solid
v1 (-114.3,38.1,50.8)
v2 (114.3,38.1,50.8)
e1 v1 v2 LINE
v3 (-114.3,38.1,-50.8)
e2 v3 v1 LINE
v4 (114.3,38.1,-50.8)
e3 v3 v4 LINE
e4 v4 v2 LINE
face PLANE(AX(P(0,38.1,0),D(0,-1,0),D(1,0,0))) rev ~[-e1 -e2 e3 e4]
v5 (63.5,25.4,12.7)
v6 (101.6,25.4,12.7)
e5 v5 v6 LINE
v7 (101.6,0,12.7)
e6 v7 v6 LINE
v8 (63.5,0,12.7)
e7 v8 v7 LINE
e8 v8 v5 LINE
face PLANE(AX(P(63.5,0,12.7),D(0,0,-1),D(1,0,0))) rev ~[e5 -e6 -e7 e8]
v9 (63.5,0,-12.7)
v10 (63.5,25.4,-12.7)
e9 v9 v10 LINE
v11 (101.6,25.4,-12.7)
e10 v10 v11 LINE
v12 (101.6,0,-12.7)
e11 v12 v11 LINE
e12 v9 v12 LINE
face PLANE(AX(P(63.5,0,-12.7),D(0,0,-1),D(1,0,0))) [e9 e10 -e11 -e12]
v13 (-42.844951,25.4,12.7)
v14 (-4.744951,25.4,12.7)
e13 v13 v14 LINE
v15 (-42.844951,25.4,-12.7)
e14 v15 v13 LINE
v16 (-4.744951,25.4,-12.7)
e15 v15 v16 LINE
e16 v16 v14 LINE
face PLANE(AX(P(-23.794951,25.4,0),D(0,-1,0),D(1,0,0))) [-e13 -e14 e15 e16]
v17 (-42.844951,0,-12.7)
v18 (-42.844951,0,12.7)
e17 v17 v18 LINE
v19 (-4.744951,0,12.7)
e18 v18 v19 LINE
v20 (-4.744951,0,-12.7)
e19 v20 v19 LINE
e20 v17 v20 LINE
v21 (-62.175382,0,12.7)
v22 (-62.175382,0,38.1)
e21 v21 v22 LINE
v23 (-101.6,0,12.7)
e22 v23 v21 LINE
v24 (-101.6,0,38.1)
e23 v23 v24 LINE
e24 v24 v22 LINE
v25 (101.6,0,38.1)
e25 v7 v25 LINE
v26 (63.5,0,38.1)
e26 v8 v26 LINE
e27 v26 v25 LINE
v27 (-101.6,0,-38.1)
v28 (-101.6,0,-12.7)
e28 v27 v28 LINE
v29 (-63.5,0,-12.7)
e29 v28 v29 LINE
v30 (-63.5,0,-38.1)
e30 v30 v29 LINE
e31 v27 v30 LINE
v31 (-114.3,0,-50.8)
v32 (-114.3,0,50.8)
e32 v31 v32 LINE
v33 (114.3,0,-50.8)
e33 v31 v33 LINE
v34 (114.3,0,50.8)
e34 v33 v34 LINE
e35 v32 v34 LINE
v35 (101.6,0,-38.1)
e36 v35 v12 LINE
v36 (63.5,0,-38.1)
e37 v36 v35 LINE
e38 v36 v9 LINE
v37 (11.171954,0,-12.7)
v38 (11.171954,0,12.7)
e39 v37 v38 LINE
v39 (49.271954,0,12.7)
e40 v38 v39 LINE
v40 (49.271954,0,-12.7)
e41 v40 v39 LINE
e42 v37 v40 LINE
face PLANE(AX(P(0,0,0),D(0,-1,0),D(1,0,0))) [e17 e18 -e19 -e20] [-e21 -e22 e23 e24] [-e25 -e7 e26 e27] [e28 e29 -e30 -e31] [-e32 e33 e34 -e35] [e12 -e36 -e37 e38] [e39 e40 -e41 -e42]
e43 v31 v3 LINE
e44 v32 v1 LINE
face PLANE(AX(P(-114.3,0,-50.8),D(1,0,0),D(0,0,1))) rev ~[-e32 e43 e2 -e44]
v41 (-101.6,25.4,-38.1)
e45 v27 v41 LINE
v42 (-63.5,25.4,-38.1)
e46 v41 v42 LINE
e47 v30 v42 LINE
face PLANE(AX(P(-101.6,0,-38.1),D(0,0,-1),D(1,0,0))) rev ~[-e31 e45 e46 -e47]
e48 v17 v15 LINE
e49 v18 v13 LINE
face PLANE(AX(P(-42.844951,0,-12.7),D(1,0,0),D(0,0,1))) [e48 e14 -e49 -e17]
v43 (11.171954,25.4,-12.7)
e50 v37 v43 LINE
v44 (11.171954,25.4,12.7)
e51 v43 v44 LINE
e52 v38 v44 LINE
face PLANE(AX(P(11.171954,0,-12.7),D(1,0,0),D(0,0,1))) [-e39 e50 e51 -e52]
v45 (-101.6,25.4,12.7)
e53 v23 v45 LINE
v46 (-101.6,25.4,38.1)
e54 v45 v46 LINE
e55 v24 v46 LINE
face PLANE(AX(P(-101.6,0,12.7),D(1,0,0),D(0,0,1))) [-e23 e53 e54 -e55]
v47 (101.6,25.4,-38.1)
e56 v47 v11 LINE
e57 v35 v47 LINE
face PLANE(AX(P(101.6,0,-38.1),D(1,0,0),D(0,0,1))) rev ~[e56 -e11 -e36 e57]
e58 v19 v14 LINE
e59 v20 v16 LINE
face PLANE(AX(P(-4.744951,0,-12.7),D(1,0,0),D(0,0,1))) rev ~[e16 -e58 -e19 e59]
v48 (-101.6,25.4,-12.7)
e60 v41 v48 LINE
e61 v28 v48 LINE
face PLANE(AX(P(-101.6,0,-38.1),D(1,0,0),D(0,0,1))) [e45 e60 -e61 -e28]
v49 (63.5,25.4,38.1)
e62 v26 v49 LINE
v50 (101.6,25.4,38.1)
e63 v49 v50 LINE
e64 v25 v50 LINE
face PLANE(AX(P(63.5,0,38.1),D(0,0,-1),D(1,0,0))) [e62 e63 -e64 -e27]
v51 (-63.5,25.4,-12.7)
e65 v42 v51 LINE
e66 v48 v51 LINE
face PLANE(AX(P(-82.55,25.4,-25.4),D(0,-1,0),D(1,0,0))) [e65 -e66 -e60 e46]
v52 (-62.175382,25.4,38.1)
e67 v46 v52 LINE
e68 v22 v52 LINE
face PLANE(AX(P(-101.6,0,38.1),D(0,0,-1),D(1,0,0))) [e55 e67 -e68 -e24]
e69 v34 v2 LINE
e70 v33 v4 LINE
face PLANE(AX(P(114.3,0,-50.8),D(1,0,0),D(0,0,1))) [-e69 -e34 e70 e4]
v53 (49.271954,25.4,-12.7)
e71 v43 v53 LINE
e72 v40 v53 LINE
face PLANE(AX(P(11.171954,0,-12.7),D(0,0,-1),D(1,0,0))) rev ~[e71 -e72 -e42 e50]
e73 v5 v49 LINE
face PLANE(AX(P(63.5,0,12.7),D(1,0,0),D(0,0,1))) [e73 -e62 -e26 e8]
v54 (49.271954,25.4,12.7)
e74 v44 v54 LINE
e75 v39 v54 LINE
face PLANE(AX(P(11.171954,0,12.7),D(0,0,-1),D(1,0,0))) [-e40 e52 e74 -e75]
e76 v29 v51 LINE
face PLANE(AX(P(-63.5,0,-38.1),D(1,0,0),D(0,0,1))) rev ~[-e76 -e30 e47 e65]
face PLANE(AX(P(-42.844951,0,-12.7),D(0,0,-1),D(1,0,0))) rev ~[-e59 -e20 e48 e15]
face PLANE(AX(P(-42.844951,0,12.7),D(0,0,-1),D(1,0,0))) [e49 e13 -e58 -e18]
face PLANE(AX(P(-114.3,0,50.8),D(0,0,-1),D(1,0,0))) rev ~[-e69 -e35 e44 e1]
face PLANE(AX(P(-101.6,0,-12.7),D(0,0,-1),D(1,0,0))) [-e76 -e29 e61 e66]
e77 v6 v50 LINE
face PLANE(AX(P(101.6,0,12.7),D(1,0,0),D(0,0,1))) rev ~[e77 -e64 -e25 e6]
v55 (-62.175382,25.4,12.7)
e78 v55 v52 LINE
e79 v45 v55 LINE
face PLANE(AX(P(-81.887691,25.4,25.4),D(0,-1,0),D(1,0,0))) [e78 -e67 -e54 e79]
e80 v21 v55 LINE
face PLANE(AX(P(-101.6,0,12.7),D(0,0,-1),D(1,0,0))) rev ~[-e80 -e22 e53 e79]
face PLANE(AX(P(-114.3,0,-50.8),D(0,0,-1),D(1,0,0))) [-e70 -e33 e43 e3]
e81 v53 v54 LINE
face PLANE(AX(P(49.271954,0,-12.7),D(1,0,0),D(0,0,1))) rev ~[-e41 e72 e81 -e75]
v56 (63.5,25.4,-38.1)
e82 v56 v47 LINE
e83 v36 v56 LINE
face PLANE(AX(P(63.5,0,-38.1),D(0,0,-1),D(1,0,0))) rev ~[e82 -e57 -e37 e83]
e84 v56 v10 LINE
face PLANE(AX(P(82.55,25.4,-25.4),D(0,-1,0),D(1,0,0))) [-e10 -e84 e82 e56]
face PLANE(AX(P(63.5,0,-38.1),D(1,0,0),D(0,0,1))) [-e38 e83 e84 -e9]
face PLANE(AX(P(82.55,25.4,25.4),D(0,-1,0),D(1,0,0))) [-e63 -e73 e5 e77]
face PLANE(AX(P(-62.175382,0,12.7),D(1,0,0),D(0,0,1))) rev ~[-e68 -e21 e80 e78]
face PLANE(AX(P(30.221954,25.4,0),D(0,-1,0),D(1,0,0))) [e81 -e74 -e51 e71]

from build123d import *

# Parameters (mm, degrees)
F0_W     = 228.6
F0_H     = 101.6
F0_W_2   = 39.424618
F0_H_2   = 25.4
F0_W_3   = 38.1
F1_DEPTH = 38.1
F2_DEPTH = 25.4


with BuildPart() as f1:
    # F0 (on Front) → F1 (new body)
    with BuildSketch(Plane.XZ):
        Rectangle(F0_W, F0_H)
        Polygon((-63.5, -38.1), (-101.6, -38.1), (-101.6, -12.7), (-101.6, 12.7), (-101.6, 38.1), (-62.175382, 38.1), (63.5, 38.1), (101.6, 38.1), (101.6, 12.7), (101.6, -12.7), (101.6, -38.1), (63.5, -38.1), align=None, mode=Mode.SUBTRACT)
        with Locations((-81.887691, 25.4)):
            Rectangle(F0_W_2, F0_H_2)
        Polygon((-63.5, -12.7), (-63.5, -38.1), (63.5, -38.1), (63.5, -12.7), (101.6, -12.7), (101.6, 12.7), (63.5, 12.7), (63.5, 38.1), (-62.175382, 38.1), (-62.175382, 12.7), (-101.6, 12.7), (-101.6, -12.7), align=None)
        with Locations((-23.794951, 0)):
            Rectangle(F0_W_3, F0_H_2, mode=Mode.SUBTRACT)
        with Locations((30.221954, 0)):
            Rectangle(F0_W_3, F0_H_2, mode=Mode.SUBTRACT)
        with Locations((-23.794951, 0)):
            Rectangle(F0_W_3, F0_H_2)
        with Locations((-82.55, -25.4)):
            Rectangle(F0_W_3, F0_H_2)
        with Locations((30.221954, 0)):
            Rectangle(F0_W_3, F0_H_2)
        with Locations((82.55, -25.4)):
            Rectangle(F0_W_3, F0_H_2)
        with Locations((82.55, 25.4)):
            Rectangle(F0_W_3, F0_H_2)
    extrude(amount=-F1_DEPTH)

    # F0 (on Front) → F2 (cut)
    with BuildSketch(Plane.XZ):
        with Locations((-81.887691, 25.4)):
            Rectangle(F0_W_2, F0_H_2)
        with Locations((-82.55, -25.4)):
            Rectangle(F0_W_3, F0_H_2)
        with Locations((-23.794951, 0)):
            Rectangle(F0_W_3, F0_H_2)
        with Locations((30.221954, 0)):
            Rectangle(F0_W_3, F0_H_2)
        with Locations((82.55, 25.4)):
            Rectangle(F0_W_3, F0_H_2)
        with Locations((82.55, -25.4)):
            Rectangle(F0_W_3, F0_H_2)
    extrude(amount=-F2_DEPTH, mode=Mode.SUBTRACT)


solid = f1.part
